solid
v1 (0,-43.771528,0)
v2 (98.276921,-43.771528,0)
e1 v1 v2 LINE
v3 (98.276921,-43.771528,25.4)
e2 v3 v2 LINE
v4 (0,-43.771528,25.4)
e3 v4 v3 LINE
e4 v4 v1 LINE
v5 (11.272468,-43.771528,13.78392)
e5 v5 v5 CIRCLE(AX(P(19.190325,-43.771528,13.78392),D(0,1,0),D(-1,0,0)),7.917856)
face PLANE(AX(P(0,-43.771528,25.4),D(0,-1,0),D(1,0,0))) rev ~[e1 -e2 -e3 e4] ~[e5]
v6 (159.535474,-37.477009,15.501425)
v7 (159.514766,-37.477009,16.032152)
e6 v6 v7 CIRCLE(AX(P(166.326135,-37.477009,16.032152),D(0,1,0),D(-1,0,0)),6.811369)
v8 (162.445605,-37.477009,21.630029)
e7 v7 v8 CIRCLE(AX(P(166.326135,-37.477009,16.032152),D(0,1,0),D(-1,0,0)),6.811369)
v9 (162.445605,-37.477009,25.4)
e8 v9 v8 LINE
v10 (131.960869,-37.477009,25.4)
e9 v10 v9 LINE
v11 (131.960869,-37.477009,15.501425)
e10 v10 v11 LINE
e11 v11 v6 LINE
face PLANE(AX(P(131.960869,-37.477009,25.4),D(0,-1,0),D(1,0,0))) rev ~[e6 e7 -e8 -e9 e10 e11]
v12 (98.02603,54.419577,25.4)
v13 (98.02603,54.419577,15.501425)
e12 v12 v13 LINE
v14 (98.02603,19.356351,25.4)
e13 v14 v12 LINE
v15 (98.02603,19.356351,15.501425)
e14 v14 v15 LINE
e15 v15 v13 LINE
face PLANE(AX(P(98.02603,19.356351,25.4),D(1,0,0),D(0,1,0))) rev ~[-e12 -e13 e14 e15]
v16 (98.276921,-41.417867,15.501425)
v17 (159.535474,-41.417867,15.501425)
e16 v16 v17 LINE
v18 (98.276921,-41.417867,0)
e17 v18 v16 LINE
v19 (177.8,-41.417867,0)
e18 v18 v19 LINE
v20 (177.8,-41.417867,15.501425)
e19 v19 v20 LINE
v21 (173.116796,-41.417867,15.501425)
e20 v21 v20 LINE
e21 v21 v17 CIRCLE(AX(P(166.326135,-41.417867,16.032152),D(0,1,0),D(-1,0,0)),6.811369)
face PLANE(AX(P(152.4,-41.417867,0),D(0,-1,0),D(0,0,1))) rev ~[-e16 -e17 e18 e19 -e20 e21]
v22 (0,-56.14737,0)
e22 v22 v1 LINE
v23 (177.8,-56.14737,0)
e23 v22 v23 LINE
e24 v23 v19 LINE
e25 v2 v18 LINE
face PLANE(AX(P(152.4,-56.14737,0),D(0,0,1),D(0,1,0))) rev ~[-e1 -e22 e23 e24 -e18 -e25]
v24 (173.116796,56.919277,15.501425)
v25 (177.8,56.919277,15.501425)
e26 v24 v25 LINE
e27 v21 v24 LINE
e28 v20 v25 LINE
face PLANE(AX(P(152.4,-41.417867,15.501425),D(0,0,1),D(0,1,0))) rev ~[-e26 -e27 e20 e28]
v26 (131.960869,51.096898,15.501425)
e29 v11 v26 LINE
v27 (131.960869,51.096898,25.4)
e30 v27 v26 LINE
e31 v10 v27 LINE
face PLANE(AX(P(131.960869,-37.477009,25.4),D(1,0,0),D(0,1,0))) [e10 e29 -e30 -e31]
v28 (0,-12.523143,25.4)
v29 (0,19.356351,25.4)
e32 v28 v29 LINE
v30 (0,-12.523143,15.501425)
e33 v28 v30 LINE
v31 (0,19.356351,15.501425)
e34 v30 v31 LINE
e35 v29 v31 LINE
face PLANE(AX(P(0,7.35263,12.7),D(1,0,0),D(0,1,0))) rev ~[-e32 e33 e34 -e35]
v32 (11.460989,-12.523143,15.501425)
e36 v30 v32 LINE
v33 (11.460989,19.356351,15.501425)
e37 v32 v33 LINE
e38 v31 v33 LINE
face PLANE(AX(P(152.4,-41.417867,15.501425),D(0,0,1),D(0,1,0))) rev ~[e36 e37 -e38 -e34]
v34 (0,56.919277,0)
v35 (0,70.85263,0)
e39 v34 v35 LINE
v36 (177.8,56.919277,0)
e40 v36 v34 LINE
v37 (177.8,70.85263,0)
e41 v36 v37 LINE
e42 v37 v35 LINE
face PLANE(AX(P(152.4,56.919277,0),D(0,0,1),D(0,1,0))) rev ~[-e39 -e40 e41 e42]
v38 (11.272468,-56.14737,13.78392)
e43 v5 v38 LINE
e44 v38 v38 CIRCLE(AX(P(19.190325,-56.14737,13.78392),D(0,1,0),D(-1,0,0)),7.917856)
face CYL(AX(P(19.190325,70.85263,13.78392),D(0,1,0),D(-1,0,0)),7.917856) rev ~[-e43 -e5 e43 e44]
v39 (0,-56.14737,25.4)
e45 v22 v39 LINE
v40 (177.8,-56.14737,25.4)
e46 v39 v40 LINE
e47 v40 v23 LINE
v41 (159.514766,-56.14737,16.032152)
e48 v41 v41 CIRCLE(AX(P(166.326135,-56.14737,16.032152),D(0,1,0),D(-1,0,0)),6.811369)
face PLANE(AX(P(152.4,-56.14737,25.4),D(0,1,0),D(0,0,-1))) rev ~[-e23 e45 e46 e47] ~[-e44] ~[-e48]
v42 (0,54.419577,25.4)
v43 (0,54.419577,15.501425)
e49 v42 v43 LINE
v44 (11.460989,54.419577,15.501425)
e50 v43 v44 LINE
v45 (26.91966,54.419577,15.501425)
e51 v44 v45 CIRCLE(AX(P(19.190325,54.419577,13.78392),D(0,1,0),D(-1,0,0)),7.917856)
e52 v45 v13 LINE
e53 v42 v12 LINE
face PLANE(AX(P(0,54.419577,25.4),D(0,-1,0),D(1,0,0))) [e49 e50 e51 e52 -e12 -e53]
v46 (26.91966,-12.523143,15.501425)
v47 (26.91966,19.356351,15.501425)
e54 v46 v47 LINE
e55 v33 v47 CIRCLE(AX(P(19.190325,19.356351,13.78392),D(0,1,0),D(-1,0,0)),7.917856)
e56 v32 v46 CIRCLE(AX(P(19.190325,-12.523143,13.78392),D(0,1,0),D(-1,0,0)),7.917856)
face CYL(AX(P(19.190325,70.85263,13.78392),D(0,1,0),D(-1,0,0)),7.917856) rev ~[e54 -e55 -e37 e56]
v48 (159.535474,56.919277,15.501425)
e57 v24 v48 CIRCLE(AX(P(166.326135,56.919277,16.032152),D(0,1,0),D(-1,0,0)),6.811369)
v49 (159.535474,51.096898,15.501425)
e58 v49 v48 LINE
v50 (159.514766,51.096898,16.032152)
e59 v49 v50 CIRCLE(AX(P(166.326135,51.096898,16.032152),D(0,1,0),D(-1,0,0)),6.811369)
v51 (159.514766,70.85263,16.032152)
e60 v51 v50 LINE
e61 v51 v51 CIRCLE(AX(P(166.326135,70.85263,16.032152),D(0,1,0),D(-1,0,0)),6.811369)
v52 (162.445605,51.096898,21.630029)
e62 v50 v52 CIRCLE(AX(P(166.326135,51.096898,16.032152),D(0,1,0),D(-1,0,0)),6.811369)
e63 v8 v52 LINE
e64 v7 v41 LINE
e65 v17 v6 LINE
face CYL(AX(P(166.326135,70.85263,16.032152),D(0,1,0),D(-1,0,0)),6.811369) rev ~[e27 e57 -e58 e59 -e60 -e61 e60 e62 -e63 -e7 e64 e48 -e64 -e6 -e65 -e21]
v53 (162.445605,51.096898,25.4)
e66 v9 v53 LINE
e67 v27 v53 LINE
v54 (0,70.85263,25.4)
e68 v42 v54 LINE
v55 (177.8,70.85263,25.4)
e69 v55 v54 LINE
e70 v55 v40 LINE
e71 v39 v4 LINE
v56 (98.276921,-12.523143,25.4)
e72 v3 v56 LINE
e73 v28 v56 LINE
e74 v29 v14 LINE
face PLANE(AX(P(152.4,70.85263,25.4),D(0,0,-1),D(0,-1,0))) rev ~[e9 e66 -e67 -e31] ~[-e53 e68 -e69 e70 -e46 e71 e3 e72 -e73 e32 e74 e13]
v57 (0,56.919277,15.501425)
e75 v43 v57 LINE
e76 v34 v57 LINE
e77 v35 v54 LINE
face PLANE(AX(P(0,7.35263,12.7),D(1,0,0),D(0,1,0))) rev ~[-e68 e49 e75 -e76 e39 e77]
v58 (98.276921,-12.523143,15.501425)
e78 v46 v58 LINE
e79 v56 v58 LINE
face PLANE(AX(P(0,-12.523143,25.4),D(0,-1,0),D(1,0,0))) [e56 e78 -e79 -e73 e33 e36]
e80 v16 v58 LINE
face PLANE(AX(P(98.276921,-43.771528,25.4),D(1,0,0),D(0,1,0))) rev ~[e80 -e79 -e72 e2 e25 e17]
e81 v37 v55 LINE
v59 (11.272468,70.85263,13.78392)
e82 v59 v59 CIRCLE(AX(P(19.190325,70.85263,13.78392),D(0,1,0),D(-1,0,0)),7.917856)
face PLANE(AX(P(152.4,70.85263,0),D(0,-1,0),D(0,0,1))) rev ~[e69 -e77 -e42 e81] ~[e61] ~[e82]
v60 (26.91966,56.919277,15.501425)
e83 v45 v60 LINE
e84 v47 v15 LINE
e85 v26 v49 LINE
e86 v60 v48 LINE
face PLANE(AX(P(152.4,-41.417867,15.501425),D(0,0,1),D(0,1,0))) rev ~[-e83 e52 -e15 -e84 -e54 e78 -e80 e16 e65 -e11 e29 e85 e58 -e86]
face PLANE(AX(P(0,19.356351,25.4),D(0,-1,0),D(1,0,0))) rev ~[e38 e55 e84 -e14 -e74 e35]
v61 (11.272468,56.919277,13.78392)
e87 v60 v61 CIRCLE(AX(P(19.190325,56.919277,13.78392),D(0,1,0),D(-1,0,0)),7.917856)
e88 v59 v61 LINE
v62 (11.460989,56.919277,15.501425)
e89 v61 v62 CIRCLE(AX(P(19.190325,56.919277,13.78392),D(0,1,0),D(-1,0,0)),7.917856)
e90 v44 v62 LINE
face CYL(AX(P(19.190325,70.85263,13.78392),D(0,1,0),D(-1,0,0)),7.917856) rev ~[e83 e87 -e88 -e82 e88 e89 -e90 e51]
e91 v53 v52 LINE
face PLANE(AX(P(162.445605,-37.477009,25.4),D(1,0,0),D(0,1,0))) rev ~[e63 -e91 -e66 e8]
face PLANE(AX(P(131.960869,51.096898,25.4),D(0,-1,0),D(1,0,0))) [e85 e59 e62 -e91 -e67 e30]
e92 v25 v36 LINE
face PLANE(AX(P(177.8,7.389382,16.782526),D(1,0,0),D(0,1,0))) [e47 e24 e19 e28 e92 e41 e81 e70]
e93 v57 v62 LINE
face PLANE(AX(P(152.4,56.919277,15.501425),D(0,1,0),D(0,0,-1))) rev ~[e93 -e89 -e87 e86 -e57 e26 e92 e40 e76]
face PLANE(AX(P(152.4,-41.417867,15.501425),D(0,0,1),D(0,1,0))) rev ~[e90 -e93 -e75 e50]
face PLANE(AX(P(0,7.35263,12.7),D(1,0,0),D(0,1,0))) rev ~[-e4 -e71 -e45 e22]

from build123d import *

# Parameters (mm, degrees)
F0_W      = 127
F0_H      = 25.4
F1_DEPTH  = 152.4
F2_W      = 98.3371436596
F2_H      = 15.5014246702
F3_DEPTH  = 152.401
F5_DEPTH  = 25.4
F6_R      = 6.8113689933
F7_DEPTH  = 127.001
F10_R     = 7.917856488
F11_DEPTH = 127.001
F12_W     = 98.2769206166
F12_H     = 31.2483850867
F13_DEPTH = 25.401
F14_W     = 98.0260297656
F14_H     = 35.063225776
F15_DEPTH = 25.401
F16_W     = 30.4847359657
F16_H     = 88.5739065707
F17_DEPTH = 25.401


with BuildPart() as f1:
    # F0 (on Right) → F1 (new body)
    with BuildSketch(Plane.YZ):
        with Locations((7.3526296653, 12.7)):
            Rectangle(F0_W, F0_H)
    extrude(amount=F1_DEPTH)

    # F2 (on face) → F3 (cut, through all)
    with BuildSketch(Plane.YZ.offset(152.4)):
        with Locations((7.7507048845, 7.7507123351)):
            Rectangle(F2_W, F2_H)
    extrude(amount=-F3_DEPTH, mode=Mode.SUBTRACT)

    # F4 (on face) → F5 (join)
    with BuildSketch(Plane.YZ.offset(152.4)):
        Polygon((70.8526296653, 25.4), (-56.1473703347, 25.4), (-56.1473703347, 0), (-41.4178669453, 0), (-41.4178669453, 15.5014246702), (56.9192767143, 15.5014246702), (56.9192767143, 0), (70.8526296653, 0), align=None)
    extrude(amount=F5_DEPTH)

    # F6 (on face) → F7 (cut, through all)
    with BuildSketch(Plane(origin=(0, 70.8526296653, 0), x_dir=(-1, 0, 0), z_dir=(0, 1, 0))):
        with Locations((-166.326135397, 16.0321518779)):
            Circle(F6_R)
    extrude(amount=-F7_DEPTH, mode=Mode.SUBTRACT)

    # F10 (on face) → F11 (cut, through all)
    with BuildSketch(Plane(origin=(0, 70.8526296653, 0), x_dir=(-1, 0, 0), z_dir=(0, 1, 0))):
        with Locations((-19.1903246846, 13.7839203013)):
            Circle(F10_R)
    extrude(amount=-F11_DEPTH, mode=Mode.SUBTRACT)

    # F12 (on face) → F13 (cut, through all)
    with BuildSketch(Plane.XY.offset(25.4)):
        with Locations((49.1384603083, -28.1473351642)):
            Rectangle(F12_W, F12_H)
    extrude(amount=-F13_DEPTH, mode=Mode.SUBTRACT)

    # F14 (on face) → F15 (cut, through all)
    with BuildSketch(Plane.XY.offset(25.4)):
        with Locations((49.0130148828, 36.8879642338)):
            Rectangle(F14_W, F14_H)
    extrude(amount=-F15_DEPTH, mode=Mode.SUBTRACT)

    # F16 (on face) → F17 (cut, through all)
    with BuildSketch(Plane.XY.offset(25.4)):
        with Locations((147.2032368183, 6.8099442869)):
            Rectangle(F16_W, F16_H)
    extrude(amount=-F17_DEPTH, mode=Mode.SUBTRACT)


solid = f1.part
